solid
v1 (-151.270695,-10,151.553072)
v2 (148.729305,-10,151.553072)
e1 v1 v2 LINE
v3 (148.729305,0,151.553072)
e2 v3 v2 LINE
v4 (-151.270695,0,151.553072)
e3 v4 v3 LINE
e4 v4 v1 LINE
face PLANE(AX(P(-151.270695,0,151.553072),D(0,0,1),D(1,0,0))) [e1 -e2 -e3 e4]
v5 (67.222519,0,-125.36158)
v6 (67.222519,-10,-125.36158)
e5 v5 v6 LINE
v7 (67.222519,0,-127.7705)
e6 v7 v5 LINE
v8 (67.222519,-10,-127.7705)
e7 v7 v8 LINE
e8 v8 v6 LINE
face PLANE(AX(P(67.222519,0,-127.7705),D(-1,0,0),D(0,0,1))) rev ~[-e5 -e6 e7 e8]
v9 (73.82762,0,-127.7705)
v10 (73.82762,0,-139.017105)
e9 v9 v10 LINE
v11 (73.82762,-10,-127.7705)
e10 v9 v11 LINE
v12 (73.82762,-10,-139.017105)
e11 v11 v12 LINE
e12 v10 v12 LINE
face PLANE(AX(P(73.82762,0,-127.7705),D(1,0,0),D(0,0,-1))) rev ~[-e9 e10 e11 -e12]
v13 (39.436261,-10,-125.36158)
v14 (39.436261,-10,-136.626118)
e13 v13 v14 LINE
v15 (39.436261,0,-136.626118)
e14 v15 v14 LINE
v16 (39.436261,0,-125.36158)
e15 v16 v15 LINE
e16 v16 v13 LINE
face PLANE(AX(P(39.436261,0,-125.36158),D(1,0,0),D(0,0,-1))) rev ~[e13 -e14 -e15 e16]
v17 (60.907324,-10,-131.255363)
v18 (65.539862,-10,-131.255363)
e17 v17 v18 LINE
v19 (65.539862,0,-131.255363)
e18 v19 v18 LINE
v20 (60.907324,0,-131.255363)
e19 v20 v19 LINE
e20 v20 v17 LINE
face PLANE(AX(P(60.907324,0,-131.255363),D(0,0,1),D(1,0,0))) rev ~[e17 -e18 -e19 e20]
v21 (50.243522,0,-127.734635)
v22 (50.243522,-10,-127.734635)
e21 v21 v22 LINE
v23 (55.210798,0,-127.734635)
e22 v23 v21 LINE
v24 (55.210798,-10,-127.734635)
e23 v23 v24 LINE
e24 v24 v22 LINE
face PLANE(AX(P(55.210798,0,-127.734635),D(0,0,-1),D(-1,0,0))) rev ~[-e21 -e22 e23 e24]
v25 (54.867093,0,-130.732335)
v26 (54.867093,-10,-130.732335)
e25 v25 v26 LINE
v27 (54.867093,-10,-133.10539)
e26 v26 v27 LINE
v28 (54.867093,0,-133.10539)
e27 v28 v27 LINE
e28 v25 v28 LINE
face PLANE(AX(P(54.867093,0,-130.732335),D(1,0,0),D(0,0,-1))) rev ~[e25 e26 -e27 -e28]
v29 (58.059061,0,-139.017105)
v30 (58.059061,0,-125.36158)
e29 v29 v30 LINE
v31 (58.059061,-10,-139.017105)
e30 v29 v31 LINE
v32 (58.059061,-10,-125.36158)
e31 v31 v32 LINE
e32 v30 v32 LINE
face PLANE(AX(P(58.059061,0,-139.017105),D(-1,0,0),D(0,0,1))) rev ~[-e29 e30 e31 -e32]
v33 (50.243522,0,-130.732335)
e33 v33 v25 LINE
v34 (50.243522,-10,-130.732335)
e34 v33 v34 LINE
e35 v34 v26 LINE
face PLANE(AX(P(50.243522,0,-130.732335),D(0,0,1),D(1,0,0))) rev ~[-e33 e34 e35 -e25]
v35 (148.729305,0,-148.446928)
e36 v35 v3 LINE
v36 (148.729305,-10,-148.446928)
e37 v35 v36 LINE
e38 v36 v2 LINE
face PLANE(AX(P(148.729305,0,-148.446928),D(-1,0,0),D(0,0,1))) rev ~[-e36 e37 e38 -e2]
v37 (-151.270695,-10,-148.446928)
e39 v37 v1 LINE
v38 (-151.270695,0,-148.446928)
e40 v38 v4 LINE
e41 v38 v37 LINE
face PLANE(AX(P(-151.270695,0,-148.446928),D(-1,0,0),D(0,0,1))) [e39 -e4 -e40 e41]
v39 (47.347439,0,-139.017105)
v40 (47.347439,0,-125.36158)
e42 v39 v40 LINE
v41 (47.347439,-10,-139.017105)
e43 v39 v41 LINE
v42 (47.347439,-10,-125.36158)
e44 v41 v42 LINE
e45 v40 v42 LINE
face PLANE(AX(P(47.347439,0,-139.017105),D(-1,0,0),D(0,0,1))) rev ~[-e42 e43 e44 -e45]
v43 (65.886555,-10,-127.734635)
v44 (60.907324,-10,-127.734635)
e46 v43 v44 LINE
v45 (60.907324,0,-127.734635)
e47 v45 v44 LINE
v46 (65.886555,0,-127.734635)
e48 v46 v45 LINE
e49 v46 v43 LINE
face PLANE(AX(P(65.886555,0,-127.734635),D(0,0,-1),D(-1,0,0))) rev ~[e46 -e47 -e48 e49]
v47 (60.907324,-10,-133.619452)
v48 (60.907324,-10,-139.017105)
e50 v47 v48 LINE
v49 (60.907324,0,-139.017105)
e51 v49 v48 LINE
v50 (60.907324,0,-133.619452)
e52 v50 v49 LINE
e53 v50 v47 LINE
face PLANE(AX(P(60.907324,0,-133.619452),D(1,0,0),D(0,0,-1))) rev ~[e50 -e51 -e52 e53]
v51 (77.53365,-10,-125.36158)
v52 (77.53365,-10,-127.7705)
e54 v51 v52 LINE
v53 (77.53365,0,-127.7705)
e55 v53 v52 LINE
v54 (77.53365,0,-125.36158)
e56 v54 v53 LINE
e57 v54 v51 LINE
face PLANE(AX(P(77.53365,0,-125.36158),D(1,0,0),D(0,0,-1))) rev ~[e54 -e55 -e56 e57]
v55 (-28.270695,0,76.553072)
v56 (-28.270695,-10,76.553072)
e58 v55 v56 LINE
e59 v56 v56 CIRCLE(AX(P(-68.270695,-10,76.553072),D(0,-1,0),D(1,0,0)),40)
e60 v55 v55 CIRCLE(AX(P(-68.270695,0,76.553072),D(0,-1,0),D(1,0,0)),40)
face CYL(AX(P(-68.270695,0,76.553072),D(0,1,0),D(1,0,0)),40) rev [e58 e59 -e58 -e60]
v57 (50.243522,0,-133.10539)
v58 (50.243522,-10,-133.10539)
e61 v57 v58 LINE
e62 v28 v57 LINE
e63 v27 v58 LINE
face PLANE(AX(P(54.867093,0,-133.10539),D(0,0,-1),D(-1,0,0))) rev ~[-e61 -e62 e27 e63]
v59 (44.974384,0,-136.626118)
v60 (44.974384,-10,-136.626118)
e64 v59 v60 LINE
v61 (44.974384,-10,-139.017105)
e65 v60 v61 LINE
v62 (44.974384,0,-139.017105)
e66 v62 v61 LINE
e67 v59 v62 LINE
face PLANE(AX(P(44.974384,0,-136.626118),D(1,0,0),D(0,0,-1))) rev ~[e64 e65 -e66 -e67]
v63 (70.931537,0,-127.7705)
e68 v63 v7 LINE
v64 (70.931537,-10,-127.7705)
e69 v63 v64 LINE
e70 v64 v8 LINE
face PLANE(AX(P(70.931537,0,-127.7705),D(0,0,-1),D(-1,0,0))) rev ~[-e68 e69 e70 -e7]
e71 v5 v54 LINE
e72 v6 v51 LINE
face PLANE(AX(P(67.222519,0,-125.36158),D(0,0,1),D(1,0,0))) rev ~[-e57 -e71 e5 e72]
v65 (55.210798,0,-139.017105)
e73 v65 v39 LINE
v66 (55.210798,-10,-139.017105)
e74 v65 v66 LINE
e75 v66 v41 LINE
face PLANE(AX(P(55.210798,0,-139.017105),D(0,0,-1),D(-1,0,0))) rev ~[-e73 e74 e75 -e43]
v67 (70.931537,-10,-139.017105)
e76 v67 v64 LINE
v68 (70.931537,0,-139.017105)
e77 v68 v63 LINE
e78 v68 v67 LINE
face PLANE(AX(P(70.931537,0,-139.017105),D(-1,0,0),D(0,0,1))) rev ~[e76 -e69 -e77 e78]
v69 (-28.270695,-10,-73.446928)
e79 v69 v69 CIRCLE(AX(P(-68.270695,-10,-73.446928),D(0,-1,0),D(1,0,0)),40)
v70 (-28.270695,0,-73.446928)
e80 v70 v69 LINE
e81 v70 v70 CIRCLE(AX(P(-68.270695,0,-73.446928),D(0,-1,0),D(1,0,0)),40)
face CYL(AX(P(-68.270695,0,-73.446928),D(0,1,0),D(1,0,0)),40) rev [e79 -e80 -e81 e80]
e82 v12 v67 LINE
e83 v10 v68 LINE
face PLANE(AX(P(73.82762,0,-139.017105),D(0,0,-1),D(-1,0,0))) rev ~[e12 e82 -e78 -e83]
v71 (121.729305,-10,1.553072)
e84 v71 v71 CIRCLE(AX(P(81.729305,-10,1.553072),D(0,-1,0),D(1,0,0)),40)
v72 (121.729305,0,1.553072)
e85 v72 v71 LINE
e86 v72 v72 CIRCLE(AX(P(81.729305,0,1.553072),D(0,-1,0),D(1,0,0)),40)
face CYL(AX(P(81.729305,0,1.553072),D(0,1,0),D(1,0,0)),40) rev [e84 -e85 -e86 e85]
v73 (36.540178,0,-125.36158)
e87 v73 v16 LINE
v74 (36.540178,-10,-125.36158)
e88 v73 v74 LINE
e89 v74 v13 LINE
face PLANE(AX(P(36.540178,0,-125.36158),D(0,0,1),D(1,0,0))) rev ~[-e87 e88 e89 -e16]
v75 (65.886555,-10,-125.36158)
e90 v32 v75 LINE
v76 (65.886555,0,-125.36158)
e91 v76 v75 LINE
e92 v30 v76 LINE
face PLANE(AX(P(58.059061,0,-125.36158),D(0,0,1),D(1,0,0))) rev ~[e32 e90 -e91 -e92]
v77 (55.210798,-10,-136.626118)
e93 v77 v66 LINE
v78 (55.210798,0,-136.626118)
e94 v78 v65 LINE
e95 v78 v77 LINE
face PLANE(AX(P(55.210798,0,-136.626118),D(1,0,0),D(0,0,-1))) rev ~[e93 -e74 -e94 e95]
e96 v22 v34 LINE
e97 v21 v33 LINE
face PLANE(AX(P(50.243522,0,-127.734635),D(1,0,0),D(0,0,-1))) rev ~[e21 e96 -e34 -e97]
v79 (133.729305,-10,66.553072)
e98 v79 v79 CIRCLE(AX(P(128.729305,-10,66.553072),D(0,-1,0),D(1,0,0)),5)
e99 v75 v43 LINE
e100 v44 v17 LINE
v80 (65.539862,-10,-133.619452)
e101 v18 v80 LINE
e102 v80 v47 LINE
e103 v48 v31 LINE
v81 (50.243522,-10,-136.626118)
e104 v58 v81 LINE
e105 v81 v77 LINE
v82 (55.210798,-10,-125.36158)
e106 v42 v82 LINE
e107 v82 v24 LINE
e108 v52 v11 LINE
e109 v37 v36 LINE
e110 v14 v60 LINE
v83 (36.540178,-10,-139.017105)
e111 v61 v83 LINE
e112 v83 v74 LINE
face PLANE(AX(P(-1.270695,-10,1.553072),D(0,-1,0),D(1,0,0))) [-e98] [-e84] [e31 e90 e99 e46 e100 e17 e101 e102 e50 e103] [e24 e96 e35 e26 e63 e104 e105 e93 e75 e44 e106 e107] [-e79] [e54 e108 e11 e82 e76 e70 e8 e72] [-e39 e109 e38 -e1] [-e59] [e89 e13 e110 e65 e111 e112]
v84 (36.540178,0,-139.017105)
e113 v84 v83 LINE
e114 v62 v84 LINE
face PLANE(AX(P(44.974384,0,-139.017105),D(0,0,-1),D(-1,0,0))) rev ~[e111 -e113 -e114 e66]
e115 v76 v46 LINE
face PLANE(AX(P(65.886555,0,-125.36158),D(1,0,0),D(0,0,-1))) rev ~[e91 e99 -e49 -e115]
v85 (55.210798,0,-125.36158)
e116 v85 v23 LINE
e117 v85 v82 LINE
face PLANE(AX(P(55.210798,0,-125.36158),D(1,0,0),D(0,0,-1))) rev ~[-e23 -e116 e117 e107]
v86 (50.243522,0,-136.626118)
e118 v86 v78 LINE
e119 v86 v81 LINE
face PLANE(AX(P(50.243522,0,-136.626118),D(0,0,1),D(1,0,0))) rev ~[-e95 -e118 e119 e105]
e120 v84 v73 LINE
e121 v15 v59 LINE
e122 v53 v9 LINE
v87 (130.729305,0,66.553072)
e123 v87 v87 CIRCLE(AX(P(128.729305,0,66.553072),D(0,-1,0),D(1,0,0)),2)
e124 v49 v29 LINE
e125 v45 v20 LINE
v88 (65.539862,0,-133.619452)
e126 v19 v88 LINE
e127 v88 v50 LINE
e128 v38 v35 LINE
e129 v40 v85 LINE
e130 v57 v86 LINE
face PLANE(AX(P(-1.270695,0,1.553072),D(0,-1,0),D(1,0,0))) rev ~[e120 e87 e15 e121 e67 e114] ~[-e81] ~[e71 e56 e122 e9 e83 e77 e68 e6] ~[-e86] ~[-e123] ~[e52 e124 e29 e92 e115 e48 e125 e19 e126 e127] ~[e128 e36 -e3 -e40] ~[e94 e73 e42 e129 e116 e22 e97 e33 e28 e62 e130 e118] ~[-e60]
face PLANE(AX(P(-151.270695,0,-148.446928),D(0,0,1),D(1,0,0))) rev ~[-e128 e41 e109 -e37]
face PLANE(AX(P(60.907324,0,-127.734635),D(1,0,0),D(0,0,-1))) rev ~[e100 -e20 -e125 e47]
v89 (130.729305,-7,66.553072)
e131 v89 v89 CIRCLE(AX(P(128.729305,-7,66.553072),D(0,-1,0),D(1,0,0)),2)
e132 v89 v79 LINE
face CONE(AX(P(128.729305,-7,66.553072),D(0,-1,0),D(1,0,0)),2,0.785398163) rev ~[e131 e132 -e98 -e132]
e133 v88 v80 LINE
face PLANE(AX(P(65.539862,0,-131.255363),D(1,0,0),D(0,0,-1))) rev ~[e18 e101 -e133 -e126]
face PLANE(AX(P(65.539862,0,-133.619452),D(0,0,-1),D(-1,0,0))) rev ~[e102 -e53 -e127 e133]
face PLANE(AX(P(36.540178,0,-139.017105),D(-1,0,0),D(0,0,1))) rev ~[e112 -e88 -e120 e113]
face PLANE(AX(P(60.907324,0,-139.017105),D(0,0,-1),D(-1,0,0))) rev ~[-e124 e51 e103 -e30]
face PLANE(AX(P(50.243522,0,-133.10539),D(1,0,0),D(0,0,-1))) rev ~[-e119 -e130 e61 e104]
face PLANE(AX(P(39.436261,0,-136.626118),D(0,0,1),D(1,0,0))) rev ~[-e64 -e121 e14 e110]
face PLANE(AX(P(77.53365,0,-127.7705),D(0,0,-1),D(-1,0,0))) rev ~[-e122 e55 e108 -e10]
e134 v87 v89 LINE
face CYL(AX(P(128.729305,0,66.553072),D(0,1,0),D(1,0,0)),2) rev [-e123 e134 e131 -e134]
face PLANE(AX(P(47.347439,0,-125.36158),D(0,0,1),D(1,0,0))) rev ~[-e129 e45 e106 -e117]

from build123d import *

# Parameters (mm, degrees)
F0_W     = 300
F0_H     = 300
F0_R     = 40
F0_R_2   = 2
F1_DEPTH = 10
F2_SIZE  = 3


with BuildPart() as f1:
    # F0 (on Front) → F1 (new body)
    with BuildSketch(Plane.XZ):
        with Locations((-1.2706946582, 1.5530716628)):
            Rectangle(F0_W, F0_H)
        with Locations((-68.2706946582, -73.4469283372)):
            Circle(F0_R, mode=Mode.SUBTRACT)
        Polygon((44.9743842894, -139.0171051025), (36.5401775311, -139.0171051025), (36.5401775311, -125.3615804114), (39.4362605746, -125.3615804114), (39.4362605746, -136.6261180697), (44.9743842894, -136.6261180697), align=None, mode=Mode.SUBTRACT)
        Polygon((55.2107975236, -136.6261180697), (55.2107975236, -139.0171051025), (47.3474389194, -139.0171051025), (47.3474389194, -125.3615804114), (55.2107975236, -125.3615804114), (55.2107975236, -127.7346350414), (50.2435219629, -127.7346350414), (50.2435219629, -130.7323350338), (54.8670931376, -130.7323350338), (54.8670931376, -133.1053896639), (50.2435219629, -133.1053896639), (50.2435219629, -136.6261180697), align=None, mode=Mode.SUBTRACT)
        Polygon((60.9073241293, -133.619451876), (60.9073241293, -139.0171051025), (58.0590608265, -139.0171051025), (58.0590608265, -125.3615804114), (65.8865546251, -125.3615804114), (65.8865546251, -127.7346350414), (60.9073241293, -127.7346350414), (60.9073241293, -131.2553634473), (65.5398615054, -131.2553634473), (65.5398615054, -133.619451876), align=None, mode=Mode.SUBTRACT)
        Polygon((73.8276203079, -127.7704998469), (73.8276203079, -139.0171051025), (70.9315372644, -139.0171051025), (70.9315372644, -127.7704998469), (67.2225186297, -127.7704998469), (67.2225186297, -125.3615804114), (77.5336502088, -125.3615804114), (77.5336502088, -127.7704998469), align=None, mode=Mode.SUBTRACT)
        with Locations((-68.2706946582, 76.5530716628)):
            Circle(F0_R, mode=Mode.SUBTRACT)
        with Locations((81.7293053418, 1.5530716628)):
            Circle(F0_R, mode=Mode.SUBTRACT)
        with Locations((128.7293053418, 66.5530716628)):
            Circle(F0_R_2, mode=Mode.SUBTRACT)
    extrude(amount=F1_DEPTH)

    # F2
    f2_edges = [f1.edges().sort_by_distance(p)[0] for p in [
        (126.729305, -10, 66.553072),
    ]]
    chamfer(f2_edges, length=F2_SIZE)


solid = f1.part
